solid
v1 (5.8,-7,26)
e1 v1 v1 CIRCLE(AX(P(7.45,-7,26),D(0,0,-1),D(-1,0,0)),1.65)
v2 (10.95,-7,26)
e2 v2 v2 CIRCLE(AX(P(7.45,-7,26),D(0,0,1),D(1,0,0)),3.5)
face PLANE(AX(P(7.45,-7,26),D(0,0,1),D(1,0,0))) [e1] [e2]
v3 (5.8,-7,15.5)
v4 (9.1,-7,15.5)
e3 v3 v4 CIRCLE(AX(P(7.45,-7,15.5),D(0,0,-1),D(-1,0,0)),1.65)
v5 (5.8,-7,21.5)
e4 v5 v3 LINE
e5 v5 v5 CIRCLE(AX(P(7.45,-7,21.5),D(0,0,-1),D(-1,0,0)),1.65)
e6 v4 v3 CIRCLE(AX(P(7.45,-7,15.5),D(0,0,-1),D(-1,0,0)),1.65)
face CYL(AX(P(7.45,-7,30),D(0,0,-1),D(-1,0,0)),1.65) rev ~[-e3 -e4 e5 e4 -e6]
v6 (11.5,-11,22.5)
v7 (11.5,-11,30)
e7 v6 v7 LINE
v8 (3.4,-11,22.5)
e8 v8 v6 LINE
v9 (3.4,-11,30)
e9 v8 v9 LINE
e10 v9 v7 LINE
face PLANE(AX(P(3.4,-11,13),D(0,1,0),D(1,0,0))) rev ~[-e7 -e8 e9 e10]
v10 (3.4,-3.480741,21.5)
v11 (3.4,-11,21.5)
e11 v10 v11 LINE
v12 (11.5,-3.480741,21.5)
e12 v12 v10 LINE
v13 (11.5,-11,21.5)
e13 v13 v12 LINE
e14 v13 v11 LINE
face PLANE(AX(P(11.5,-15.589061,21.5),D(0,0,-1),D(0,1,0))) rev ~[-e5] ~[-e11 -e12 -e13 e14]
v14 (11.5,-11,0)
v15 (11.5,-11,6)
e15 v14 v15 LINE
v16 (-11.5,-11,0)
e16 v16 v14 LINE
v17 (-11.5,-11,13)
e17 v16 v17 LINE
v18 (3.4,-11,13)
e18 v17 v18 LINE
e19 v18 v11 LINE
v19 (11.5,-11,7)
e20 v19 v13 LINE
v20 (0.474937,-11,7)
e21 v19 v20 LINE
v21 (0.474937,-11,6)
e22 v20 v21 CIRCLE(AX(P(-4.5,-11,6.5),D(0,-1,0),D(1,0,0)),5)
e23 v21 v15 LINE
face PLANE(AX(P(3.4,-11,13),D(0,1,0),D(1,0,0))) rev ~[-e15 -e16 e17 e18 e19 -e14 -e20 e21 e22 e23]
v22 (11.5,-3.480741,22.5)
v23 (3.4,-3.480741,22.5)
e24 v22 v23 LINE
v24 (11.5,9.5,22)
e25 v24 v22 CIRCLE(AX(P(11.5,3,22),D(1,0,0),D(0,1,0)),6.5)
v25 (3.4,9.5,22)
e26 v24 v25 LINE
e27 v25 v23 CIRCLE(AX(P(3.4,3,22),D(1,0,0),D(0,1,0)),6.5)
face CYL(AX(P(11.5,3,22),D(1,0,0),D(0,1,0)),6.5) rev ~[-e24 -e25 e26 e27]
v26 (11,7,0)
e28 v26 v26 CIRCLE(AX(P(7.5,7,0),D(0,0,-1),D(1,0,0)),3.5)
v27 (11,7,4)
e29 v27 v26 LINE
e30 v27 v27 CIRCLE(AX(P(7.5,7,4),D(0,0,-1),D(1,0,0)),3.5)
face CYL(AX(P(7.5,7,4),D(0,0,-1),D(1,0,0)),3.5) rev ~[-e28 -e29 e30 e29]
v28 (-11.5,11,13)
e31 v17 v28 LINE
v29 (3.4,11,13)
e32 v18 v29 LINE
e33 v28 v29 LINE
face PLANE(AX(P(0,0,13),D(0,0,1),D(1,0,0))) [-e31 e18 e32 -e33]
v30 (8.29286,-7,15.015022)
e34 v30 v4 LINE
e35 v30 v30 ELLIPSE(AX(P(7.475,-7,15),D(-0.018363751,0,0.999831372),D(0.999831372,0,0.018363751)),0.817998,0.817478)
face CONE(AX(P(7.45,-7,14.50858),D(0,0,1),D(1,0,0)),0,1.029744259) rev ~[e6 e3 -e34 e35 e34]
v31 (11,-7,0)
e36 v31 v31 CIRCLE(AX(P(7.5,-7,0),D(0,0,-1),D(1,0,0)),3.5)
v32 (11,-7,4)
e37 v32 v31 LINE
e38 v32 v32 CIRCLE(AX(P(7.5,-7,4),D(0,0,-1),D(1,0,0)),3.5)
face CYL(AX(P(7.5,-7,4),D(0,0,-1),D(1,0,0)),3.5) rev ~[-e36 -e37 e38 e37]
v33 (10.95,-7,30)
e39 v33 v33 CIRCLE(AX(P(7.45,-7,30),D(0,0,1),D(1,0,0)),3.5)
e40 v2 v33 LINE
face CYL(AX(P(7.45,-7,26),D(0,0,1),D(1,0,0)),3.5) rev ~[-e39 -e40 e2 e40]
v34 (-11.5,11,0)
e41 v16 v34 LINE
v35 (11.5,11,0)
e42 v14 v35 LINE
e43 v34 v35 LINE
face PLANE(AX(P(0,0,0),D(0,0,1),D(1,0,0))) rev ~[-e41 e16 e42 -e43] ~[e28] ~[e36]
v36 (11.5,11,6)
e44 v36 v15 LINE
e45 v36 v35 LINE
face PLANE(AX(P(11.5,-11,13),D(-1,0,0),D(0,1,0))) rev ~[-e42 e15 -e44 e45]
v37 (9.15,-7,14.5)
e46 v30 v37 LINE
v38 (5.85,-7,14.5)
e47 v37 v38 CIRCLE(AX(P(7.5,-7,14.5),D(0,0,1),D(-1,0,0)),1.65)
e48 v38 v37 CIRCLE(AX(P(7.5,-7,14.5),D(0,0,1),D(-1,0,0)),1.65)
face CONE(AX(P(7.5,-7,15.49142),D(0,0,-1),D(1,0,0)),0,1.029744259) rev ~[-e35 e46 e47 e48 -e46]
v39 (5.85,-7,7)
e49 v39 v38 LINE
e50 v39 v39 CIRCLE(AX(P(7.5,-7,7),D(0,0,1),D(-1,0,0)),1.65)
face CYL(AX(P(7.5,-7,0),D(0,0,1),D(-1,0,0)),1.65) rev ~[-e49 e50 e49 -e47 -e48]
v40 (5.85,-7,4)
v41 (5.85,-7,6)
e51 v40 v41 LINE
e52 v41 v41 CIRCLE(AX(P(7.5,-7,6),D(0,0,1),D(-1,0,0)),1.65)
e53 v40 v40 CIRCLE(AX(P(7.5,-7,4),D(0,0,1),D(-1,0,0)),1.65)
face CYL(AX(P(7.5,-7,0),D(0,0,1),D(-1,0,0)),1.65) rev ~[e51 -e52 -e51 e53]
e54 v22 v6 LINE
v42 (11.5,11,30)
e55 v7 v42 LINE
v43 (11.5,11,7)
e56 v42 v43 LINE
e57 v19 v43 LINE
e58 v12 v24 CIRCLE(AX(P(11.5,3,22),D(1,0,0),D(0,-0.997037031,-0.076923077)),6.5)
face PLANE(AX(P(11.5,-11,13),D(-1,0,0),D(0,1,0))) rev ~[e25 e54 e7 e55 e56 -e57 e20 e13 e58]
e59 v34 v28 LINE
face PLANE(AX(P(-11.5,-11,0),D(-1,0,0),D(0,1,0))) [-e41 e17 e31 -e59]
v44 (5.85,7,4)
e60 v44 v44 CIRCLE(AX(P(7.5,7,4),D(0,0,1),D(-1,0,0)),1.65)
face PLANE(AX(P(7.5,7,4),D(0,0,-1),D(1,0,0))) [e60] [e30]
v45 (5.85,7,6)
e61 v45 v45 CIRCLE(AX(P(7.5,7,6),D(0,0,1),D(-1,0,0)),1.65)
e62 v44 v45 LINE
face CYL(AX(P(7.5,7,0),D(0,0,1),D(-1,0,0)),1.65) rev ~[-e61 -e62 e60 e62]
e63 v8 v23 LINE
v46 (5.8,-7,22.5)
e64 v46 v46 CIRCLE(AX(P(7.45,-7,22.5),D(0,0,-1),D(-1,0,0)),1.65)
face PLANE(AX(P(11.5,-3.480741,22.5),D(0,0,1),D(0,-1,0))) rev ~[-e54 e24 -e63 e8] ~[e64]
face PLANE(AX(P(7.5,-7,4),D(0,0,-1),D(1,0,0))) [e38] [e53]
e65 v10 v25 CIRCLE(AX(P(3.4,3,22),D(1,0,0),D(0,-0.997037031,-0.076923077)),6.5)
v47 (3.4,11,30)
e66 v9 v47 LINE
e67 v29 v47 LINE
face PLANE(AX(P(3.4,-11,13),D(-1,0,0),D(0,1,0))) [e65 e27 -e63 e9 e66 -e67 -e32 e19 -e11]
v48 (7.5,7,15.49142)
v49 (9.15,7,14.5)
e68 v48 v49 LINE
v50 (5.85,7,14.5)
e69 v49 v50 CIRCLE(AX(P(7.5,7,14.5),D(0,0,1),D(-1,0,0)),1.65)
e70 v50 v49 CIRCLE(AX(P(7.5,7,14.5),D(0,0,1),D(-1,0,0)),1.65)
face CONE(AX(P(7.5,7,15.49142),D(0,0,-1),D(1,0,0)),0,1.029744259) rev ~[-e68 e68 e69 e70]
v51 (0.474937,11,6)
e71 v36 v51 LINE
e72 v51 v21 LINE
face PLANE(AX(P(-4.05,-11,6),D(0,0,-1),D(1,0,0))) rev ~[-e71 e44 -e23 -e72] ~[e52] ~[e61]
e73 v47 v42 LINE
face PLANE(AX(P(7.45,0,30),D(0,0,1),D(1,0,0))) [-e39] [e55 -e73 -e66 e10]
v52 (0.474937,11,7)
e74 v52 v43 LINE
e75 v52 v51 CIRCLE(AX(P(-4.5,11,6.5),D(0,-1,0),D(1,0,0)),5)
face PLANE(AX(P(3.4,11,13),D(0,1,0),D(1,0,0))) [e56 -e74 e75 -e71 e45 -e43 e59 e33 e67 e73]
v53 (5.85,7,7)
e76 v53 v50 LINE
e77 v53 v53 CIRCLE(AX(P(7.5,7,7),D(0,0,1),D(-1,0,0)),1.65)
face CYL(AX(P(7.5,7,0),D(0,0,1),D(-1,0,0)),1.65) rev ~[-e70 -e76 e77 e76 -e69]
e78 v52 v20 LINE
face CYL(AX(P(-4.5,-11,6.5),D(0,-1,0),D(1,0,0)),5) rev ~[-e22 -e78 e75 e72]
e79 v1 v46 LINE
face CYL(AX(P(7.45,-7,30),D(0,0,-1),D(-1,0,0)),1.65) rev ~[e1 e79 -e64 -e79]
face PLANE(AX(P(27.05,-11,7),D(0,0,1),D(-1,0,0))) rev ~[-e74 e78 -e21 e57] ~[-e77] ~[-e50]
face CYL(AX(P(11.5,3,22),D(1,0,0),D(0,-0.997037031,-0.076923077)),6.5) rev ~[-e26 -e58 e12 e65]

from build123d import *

# Parameters (mm, degrees)
F0_W            = 23
F0_H            = 22
F1_DEPTH        = 13
F2_W            = 8.1
F2_H            = 22
F3_DEPTH        = 17
F5_DEPTH        = 30
F7_DEPTH        = 25
F9_DEPTH        = 45
F10_DEPTH       = 40
F12_D           = 3.3
F12_DEPTH       = 14.5
F12_CBORE_D     = 7
F12_CBORE_DEPTH = 4
F12_TIP         = 0.9914200214
F13_DEPTH       = 3.05
F15_D           = 3.3
F15_DEPTH       = 14.5
F15_CBORE_D     = 7
F15_CBORE_DEPTH = 4
F15_TIP         = 0.9914200214
F16_DEPTH       = 3.05


with BuildPart() as f1:
    # F0 (on Top) → F1 (new body)
    with BuildSketch(Plane.XY):
        Rectangle(F0_W, F0_H)
    extrude(amount=F1_DEPTH)

    # F2 (on face) → F3 (join)
    with BuildSketch(Plane.XY.offset(13)):
        with Locations((7.45, 0)):
            Rectangle(F2_W, F2_H)
    extrude(amount=F3_DEPTH)

    # F4 (on face) → F5 (cut)
    with BuildSketch(Plane.XZ.offset(11)):
        with BuildLine():
            ThreePointArc((-9.5, 6.5), (-4.5, 1.5), (0.5, 6.5))
            ThreePointArc((0.5, 6.5), (-4.5, 11.5), (-9.5, 6.5))
        make_face()
    extrude(amount=-F5_DEPTH, mode=Mode.SUBTRACT)

    # F6 (on face) → F7 (cut)
    with BuildSketch(Plane.YZ.offset(11.5)):
        with BuildLine():
            ThreePointArc((-3.4807406984, 21.5), (3.2501853916, 15.50481661), (9.5, 22))
            Line((9.5, 22), (3, 22))
            Line((3, 22), (3, 21.5))
            Line((3, 21.5), (-3.4807406984, 21.5))
        make_face()
        with BuildLine():
            Line((3, 22), (9.5, 22))
            ThreePointArc((9.5, 22), (3.2501853916, 28.49518339), (-3.4807406984, 22.5))
            Line((-3.4807406984, 22.5), (3, 22.5))
            Line((3, 22.5), (3, 22))
        make_face()
        with BuildLine():
            Line((3, 21.5), (3, 22))
            Line((3, 22), (-3.5, 22))
            ThreePointArc((-3.5, 22), (-3.49518339, 21.7498146084), (-3.4807406984, 21.5))
            Line((-3.4807406984, 21.5), (3, 21.5))
        make_face()
        with BuildLine():
            Line((-3.5, 22), (3, 22))
            Line((3, 22), (3, 22.5))
            Line((3, 22.5), (-3.4807406984, 22.5))
            ThreePointArc((-3.4807406984, 22.5), (-3.49518339, 22.2501853916), (-3.5, 22))
        make_face()
        with BuildLine():
            ThreePointArc((-3.5, 22), (-3.49518339, 22.2501853916), (-3.4807406984, 22.5))
            Line((-3.4807406984, 22.5), (-15.5890611932, 22.5))
            Line((-15.5890611932, 22.5), (-15.5890611932, 22))
            Line((-15.5890611932, 22), (-3.5, 22))
        make_face()
        with BuildLine():
            Line((-15.5890611932, 21.5), (-3.4807406984, 21.5))
            ThreePointArc((-3.4807406984, 21.5), (-3.49518339, 21.7498146084), (-3.5, 22))
            Line((-3.5, 22), (-15.5890611932, 22))
            Line((-15.5890611932, 22), (-15.5890611932, 21.5))
        make_face()
    extrude(amount=-F7_DEPTH, mode=Mode.SUBTRACT)

    # F8 (on face) → F9 (cut)
    with BuildSketch(Plane.XZ.offset(11)):
        Polygon((27.05, 7), (-4.05, 7), (-4.05, 6.5), (-4.05, 6), (27.05, 6), align=None)
    extrude(amount=-F9_DEPTH, mode=Mode.SUBTRACT)

    # F6 (on face) → F10 (cut)
    with BuildSketch(Plane.YZ.offset(11.5)):
        with BuildLine():
            ThreePointArc((-3.4807406984, 21.5), (3.2501853916, 15.50481661), (9.5, 22))
            Line((9.5, 22), (3, 22))
            Line((3, 22), (3, 21.5))
            Line((3, 21.5), (-3.4807406984, 21.5))
        make_face()
        with BuildLine():
            Line((3, 22), (9.5, 22))
            ThreePointArc((9.5, 22), (3.2501853916, 28.49518339), (-3.4807406984, 22.5))
            Line((-3.4807406984, 22.5), (3, 22.5))
            Line((3, 22.5), (3, 22))
        make_face()
        with BuildLine():
            Line((3, 21.5), (3, 22))
            Line((3, 22), (-3.5, 22))
            ThreePointArc((-3.5, 22), (-3.49518339, 21.7498146084), (-3.4807406984, 21.5))
            Line((-3.4807406984, 21.5), (3, 21.5))
        make_face()
        with BuildLine():
            Line((-3.5, 22), (3, 22))
            Line((3, 22), (3, 22.5))
            Line((3, 22.5), (-3.4807406984, 22.5))
            ThreePointArc((-3.4807406984, 22.5), (-3.49518339, 22.2501853916), (-3.5, 22))
        make_face()
        with BuildLine():
            ThreePointArc((-3.5, 22), (-3.49518339, 22.2501853916), (-3.4807406984, 22.5))
            Line((-3.4807406984, 22.5), (-15.5890611932, 22.5))
            Line((-15.5890611932, 22.5), (-15.5890611932, 22))
            Line((-15.5890611932, 22), (-3.5, 22))
        make_face()
        with BuildLine():
            Line((-15.5890611932, 21.5), (-3.4807406984, 21.5))
            ThreePointArc((-3.4807406984, 21.5), (-3.49518339, 21.7498146084), (-3.5, 22))
            Line((-3.5, 22), (-15.5890611932, 22))
            Line((-15.5890611932, 22), (-15.5890611932, 21.5))
        make_face()
    extrude(amount=-F10_DEPTH, mode=Mode.SUBTRACT)

    # F12
    with Locations(Plane.XY.offset(30)):
        with Locations((7.45, -7)):
            CounterBoreHole(F12_D / 2, F12_CBORE_D / 2, F12_CBORE_DEPTH, depth=F12_DEPTH)
            with Locations((0, 0, -(F12_DEPTH + F12_TIP / 2))):  # 118° drill point
                Cone(0, F12_D / 2, F12_TIP, mode=Mode.SUBTRACT)

    # F11 (on face) → F13 (cut)
    with BuildSketch(Plane.XY.offset(30)):
        with BuildLine():
            ThreePointArc((7.45, -10.445), (9.8859828612, -9.4359828612), (10.895, -7))
            ThreePointArc((10.895, -7), (5.0140171388, -4.5640171388), (7.45, -10.445))
        make_face()
    extrude(amount=-F13_DEPTH, mode=Mode.SUBTRACT)

    # F15
    with Locations(Plane(origin=(0, 0, 0), x_dir=(1, 0, 0), z_dir=(0, 0, -1))):
        with Locations((7.5, 7), (7.5, -7)):
            CounterBoreHole(F15_D / 2, F15_CBORE_D / 2, F15_CBORE_DEPTH, depth=F15_DEPTH)
            with Locations((0, 0, -(F15_DEPTH + F15_TIP / 2))):  # 118° drill point
                Cone(0, F15_D / 2, F15_TIP, mode=Mode.SUBTRACT)

    # F14 (on face) → F16 (cut)
    with BuildSketch(Plane(origin=(0, 0, 0), x_dir=(1, 0, 0), z_dir=(0, 0, -1))):
        with BuildLine():
            ThreePointArc((7.5, 10.445), (5.0640171388, 4.5640171388), (10.945, 7))
            Line((10.945, 7), (7.5, 7))
            Line((7.5, 7), (7.5, 10.445))
        make_face()
        with BuildLine():
            Line((7.5, 7), (10.945, 7))
            ThreePointArc((10.945, 7), (9.9359828612, 9.4359828612), (7.5, 10.445))
            Line((7.5, 10.445), (7.5, 7))
        make_face()
        with BuildLine():
            ThreePointArc((10.945, -7), (5.0640171388, -4.5640171388), (7.5, -10.445))
            Line((7.5, -10.445), (7.5, -7))
            Line((7.5, -7), (10.945, -7))
        make_face()
        with BuildLine():
            Line((7.5, -7), (7.5, -10.445))
            ThreePointArc((7.5, -10.445), (9.9359828612, -9.4359828612), (10.945, -7))
            Line((10.945, -7), (7.5, -7))
        make_face()
    extrude(amount=-F16_DEPTH, mode=Mode.SUBTRACT)


solid = f1.part
